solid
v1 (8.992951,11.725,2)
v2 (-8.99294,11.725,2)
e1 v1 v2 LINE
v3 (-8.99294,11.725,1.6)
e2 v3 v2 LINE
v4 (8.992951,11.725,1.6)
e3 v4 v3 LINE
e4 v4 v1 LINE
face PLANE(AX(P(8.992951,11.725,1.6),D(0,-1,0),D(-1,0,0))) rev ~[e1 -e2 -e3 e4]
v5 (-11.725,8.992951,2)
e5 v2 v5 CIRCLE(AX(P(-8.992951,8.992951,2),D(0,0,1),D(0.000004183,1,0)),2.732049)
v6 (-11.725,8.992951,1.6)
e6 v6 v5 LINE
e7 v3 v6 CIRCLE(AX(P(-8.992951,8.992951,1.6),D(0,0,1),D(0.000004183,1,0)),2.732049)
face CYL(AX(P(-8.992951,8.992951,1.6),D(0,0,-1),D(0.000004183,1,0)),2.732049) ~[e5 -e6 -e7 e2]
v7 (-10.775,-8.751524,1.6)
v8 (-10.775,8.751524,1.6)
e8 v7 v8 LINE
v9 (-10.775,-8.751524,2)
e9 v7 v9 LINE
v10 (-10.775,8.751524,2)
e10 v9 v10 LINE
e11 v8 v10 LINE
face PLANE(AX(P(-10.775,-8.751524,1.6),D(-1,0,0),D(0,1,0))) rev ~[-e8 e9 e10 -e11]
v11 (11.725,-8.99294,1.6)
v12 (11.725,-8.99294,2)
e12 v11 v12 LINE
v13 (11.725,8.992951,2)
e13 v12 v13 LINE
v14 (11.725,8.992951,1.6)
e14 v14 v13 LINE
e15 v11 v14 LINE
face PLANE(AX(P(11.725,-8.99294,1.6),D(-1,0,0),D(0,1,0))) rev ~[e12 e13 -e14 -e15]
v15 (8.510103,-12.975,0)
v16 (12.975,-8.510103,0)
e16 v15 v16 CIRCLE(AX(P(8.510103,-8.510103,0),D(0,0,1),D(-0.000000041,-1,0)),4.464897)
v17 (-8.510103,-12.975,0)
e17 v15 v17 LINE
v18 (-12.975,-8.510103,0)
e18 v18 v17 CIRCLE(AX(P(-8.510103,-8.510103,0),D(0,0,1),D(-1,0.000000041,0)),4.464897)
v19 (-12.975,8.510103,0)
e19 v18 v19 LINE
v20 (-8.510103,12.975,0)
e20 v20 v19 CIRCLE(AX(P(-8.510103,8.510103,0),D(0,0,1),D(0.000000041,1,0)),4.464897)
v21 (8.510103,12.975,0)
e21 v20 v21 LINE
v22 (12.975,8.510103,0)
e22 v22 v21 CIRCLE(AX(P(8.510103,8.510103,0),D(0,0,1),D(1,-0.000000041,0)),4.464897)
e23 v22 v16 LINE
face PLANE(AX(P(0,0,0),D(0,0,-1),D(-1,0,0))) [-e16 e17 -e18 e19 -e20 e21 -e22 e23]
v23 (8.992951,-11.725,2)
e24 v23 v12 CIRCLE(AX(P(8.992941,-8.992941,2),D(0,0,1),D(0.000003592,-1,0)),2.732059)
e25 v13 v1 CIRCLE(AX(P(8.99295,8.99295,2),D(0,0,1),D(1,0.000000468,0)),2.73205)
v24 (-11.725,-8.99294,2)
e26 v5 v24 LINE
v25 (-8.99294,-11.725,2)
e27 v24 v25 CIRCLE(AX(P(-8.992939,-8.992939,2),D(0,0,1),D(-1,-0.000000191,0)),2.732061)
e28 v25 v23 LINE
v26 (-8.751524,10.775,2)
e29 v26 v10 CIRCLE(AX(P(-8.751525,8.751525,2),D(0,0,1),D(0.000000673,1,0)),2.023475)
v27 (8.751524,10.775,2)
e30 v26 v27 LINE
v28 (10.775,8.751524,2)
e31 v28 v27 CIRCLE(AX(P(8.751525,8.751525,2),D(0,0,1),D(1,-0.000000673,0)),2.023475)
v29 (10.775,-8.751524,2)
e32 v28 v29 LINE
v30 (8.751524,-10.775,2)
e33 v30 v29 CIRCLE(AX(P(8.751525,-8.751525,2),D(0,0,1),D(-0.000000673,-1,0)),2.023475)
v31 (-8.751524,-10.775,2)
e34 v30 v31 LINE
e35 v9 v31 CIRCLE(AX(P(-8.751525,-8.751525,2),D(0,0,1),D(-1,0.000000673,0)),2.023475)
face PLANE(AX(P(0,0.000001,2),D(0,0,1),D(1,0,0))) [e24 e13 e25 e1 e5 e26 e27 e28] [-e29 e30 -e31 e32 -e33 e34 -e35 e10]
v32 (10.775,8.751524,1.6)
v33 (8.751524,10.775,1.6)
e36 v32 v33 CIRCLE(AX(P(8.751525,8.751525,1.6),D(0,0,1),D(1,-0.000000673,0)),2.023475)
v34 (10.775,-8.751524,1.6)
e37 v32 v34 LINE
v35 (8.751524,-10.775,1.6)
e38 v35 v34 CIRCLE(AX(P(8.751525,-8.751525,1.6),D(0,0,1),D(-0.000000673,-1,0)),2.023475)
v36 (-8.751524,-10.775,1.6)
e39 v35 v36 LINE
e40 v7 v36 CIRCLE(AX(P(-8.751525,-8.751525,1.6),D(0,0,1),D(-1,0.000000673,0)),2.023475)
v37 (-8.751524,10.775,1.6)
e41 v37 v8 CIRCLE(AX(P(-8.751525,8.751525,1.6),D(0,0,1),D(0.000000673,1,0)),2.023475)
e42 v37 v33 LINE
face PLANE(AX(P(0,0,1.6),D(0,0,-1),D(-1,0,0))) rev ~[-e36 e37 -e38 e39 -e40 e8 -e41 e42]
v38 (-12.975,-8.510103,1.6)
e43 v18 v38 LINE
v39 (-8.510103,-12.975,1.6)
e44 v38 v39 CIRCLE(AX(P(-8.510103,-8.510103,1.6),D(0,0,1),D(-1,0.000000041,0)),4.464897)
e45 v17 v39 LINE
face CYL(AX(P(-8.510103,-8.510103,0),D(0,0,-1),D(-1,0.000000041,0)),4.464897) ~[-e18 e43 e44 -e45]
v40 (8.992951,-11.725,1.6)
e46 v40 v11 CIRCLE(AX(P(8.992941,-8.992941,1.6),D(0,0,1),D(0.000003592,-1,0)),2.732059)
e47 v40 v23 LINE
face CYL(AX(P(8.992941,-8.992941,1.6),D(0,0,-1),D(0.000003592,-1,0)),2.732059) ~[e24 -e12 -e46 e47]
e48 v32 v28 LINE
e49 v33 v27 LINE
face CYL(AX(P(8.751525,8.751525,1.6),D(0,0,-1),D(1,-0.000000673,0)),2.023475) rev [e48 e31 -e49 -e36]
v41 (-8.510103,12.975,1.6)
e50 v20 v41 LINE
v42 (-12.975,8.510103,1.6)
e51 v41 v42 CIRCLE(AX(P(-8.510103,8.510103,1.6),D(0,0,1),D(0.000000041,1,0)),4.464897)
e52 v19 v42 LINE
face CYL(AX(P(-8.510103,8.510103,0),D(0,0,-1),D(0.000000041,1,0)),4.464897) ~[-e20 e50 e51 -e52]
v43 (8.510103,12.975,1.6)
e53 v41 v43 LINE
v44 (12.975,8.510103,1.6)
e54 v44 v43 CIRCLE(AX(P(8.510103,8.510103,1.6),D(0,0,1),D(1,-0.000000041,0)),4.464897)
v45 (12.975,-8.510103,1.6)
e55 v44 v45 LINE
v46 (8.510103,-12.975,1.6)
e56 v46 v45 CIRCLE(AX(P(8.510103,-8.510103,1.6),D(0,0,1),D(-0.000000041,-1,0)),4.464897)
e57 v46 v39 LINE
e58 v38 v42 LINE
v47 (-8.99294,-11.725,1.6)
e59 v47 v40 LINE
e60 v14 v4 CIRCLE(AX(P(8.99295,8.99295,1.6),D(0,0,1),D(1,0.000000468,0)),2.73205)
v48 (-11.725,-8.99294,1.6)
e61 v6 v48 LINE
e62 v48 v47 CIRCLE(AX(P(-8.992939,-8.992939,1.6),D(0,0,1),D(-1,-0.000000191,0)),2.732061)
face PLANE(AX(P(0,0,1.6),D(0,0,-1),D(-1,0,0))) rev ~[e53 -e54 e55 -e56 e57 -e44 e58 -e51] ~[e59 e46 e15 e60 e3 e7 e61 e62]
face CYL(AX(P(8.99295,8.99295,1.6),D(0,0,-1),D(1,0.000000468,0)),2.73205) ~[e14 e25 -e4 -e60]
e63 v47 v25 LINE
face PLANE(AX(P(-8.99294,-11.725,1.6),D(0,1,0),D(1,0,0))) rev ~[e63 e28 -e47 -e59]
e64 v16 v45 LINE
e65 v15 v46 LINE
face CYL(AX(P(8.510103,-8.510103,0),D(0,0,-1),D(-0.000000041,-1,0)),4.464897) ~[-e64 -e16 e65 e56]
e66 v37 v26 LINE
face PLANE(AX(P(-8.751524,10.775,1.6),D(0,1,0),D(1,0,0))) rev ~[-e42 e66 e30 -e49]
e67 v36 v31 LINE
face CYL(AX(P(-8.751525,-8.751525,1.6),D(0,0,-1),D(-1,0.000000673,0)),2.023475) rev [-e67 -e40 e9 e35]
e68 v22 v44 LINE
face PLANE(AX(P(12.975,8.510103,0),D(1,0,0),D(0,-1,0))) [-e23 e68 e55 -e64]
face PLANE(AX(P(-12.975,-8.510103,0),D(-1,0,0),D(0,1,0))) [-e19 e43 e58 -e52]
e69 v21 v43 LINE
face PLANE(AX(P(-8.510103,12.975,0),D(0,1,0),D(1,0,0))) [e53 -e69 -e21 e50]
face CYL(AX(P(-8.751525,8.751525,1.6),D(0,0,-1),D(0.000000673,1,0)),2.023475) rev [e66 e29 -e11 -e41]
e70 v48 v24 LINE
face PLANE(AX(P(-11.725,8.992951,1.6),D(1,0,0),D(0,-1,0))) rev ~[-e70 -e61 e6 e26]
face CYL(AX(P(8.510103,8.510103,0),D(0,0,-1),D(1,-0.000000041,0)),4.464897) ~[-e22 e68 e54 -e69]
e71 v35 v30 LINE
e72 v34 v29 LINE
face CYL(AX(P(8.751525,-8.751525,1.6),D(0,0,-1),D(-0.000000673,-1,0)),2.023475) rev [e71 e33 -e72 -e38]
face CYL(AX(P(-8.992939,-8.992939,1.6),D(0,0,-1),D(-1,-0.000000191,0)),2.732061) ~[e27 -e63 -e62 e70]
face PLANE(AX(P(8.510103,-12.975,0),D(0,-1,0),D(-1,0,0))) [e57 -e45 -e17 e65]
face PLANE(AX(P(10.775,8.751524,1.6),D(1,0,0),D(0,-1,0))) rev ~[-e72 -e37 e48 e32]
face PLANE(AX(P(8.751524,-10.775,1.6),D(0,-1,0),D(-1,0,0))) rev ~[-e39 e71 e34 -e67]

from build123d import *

# Parameters (mm, degrees)
PAD_DEPTH    = 1.6
PAD001_DEPTH = 0.4


with BuildPart() as part:
    # Sketch → Pad (new body)
    with BuildSketch(Plane.XY):
        with BuildLine():
            Line((-8.510103, 12.975), (8.510103, 12.975))
            ThreePointArc((12.975, 8.510103), (11.667262, 11.667262), (8.510103, 12.975))
            Line((12.975, 8.510103), (12.975, -8.510103))
            ThreePointArc((8.510103, -12.975), (11.667262, -11.667262), (12.975, -8.510103))
            Line((8.510103, -12.975), (-8.510103, -12.975))
            ThreePointArc((-12.975, -8.510103), (-11.667262, -11.667262), (-8.510103, -12.975))
            Line((-12.975, -8.510103), (-12.975, 8.510103))
            ThreePointArc((-8.510103, 12.975), (-11.667262, 11.667262), (-12.975, 8.510103))
        make_face()
    extrude(amount=PAD_DEPTH)

    # Sketch001 (on Face10 of Pad) → Pad001 (join)
    with BuildSketch(Plane.XY.offset(1.6)):
        with BuildLine():
            Line((-11.725, 8.992951), (-11.725, -8.99294))
            ThreePointArc((-11.725, -8.99294), (-10.924798, -10.924798), (-8.99294, -11.725))
            Line((-8.99294, -11.725), (8.992951, -11.725))
            ThreePointArc((8.992951, -11.725), (10.924802, -10.924795), (11.725, -8.99294))
            Line((11.725, -8.99294), (11.725, 8.992951))
            ThreePointArc((11.725, 8.992951), (10.924801, 10.924801), (8.992951, 11.725))
            Line((8.992951, 11.725), (-8.99294, 11.725))
            ThreePointArc((-8.99294, 11.725), (-10.924798, 10.924805), (-11.725, 8.992951))
        make_face()
        with BuildLine():
            Line((-8.751524, 10.775), (8.751524, 10.775))
            ThreePointArc((10.775, 8.751524), (10.182338, 10.182338), (8.751524, 10.775))
            Line((10.775, 8.751524), (10.775, -8.751524))
            ThreePointArc((8.751524, -10.775), (10.182338, -10.182338), (10.775, -8.751524))
            Line((8.751524, -10.775), (-8.751524, -10.775))
            ThreePointArc((-10.775, -8.751524), (-10.182338, -10.182338), (-8.751524, -10.775))
            Line((-10.775, -8.751524), (-10.775, 8.751524))
            ThreePointArc((-8.751524, 10.775), (-10.182338, 10.182338), (-10.775, 8.751524))
        make_face(mode=Mode.SUBTRACT)
    extrude(amount=PAD001_DEPTH)


solid = part.part
